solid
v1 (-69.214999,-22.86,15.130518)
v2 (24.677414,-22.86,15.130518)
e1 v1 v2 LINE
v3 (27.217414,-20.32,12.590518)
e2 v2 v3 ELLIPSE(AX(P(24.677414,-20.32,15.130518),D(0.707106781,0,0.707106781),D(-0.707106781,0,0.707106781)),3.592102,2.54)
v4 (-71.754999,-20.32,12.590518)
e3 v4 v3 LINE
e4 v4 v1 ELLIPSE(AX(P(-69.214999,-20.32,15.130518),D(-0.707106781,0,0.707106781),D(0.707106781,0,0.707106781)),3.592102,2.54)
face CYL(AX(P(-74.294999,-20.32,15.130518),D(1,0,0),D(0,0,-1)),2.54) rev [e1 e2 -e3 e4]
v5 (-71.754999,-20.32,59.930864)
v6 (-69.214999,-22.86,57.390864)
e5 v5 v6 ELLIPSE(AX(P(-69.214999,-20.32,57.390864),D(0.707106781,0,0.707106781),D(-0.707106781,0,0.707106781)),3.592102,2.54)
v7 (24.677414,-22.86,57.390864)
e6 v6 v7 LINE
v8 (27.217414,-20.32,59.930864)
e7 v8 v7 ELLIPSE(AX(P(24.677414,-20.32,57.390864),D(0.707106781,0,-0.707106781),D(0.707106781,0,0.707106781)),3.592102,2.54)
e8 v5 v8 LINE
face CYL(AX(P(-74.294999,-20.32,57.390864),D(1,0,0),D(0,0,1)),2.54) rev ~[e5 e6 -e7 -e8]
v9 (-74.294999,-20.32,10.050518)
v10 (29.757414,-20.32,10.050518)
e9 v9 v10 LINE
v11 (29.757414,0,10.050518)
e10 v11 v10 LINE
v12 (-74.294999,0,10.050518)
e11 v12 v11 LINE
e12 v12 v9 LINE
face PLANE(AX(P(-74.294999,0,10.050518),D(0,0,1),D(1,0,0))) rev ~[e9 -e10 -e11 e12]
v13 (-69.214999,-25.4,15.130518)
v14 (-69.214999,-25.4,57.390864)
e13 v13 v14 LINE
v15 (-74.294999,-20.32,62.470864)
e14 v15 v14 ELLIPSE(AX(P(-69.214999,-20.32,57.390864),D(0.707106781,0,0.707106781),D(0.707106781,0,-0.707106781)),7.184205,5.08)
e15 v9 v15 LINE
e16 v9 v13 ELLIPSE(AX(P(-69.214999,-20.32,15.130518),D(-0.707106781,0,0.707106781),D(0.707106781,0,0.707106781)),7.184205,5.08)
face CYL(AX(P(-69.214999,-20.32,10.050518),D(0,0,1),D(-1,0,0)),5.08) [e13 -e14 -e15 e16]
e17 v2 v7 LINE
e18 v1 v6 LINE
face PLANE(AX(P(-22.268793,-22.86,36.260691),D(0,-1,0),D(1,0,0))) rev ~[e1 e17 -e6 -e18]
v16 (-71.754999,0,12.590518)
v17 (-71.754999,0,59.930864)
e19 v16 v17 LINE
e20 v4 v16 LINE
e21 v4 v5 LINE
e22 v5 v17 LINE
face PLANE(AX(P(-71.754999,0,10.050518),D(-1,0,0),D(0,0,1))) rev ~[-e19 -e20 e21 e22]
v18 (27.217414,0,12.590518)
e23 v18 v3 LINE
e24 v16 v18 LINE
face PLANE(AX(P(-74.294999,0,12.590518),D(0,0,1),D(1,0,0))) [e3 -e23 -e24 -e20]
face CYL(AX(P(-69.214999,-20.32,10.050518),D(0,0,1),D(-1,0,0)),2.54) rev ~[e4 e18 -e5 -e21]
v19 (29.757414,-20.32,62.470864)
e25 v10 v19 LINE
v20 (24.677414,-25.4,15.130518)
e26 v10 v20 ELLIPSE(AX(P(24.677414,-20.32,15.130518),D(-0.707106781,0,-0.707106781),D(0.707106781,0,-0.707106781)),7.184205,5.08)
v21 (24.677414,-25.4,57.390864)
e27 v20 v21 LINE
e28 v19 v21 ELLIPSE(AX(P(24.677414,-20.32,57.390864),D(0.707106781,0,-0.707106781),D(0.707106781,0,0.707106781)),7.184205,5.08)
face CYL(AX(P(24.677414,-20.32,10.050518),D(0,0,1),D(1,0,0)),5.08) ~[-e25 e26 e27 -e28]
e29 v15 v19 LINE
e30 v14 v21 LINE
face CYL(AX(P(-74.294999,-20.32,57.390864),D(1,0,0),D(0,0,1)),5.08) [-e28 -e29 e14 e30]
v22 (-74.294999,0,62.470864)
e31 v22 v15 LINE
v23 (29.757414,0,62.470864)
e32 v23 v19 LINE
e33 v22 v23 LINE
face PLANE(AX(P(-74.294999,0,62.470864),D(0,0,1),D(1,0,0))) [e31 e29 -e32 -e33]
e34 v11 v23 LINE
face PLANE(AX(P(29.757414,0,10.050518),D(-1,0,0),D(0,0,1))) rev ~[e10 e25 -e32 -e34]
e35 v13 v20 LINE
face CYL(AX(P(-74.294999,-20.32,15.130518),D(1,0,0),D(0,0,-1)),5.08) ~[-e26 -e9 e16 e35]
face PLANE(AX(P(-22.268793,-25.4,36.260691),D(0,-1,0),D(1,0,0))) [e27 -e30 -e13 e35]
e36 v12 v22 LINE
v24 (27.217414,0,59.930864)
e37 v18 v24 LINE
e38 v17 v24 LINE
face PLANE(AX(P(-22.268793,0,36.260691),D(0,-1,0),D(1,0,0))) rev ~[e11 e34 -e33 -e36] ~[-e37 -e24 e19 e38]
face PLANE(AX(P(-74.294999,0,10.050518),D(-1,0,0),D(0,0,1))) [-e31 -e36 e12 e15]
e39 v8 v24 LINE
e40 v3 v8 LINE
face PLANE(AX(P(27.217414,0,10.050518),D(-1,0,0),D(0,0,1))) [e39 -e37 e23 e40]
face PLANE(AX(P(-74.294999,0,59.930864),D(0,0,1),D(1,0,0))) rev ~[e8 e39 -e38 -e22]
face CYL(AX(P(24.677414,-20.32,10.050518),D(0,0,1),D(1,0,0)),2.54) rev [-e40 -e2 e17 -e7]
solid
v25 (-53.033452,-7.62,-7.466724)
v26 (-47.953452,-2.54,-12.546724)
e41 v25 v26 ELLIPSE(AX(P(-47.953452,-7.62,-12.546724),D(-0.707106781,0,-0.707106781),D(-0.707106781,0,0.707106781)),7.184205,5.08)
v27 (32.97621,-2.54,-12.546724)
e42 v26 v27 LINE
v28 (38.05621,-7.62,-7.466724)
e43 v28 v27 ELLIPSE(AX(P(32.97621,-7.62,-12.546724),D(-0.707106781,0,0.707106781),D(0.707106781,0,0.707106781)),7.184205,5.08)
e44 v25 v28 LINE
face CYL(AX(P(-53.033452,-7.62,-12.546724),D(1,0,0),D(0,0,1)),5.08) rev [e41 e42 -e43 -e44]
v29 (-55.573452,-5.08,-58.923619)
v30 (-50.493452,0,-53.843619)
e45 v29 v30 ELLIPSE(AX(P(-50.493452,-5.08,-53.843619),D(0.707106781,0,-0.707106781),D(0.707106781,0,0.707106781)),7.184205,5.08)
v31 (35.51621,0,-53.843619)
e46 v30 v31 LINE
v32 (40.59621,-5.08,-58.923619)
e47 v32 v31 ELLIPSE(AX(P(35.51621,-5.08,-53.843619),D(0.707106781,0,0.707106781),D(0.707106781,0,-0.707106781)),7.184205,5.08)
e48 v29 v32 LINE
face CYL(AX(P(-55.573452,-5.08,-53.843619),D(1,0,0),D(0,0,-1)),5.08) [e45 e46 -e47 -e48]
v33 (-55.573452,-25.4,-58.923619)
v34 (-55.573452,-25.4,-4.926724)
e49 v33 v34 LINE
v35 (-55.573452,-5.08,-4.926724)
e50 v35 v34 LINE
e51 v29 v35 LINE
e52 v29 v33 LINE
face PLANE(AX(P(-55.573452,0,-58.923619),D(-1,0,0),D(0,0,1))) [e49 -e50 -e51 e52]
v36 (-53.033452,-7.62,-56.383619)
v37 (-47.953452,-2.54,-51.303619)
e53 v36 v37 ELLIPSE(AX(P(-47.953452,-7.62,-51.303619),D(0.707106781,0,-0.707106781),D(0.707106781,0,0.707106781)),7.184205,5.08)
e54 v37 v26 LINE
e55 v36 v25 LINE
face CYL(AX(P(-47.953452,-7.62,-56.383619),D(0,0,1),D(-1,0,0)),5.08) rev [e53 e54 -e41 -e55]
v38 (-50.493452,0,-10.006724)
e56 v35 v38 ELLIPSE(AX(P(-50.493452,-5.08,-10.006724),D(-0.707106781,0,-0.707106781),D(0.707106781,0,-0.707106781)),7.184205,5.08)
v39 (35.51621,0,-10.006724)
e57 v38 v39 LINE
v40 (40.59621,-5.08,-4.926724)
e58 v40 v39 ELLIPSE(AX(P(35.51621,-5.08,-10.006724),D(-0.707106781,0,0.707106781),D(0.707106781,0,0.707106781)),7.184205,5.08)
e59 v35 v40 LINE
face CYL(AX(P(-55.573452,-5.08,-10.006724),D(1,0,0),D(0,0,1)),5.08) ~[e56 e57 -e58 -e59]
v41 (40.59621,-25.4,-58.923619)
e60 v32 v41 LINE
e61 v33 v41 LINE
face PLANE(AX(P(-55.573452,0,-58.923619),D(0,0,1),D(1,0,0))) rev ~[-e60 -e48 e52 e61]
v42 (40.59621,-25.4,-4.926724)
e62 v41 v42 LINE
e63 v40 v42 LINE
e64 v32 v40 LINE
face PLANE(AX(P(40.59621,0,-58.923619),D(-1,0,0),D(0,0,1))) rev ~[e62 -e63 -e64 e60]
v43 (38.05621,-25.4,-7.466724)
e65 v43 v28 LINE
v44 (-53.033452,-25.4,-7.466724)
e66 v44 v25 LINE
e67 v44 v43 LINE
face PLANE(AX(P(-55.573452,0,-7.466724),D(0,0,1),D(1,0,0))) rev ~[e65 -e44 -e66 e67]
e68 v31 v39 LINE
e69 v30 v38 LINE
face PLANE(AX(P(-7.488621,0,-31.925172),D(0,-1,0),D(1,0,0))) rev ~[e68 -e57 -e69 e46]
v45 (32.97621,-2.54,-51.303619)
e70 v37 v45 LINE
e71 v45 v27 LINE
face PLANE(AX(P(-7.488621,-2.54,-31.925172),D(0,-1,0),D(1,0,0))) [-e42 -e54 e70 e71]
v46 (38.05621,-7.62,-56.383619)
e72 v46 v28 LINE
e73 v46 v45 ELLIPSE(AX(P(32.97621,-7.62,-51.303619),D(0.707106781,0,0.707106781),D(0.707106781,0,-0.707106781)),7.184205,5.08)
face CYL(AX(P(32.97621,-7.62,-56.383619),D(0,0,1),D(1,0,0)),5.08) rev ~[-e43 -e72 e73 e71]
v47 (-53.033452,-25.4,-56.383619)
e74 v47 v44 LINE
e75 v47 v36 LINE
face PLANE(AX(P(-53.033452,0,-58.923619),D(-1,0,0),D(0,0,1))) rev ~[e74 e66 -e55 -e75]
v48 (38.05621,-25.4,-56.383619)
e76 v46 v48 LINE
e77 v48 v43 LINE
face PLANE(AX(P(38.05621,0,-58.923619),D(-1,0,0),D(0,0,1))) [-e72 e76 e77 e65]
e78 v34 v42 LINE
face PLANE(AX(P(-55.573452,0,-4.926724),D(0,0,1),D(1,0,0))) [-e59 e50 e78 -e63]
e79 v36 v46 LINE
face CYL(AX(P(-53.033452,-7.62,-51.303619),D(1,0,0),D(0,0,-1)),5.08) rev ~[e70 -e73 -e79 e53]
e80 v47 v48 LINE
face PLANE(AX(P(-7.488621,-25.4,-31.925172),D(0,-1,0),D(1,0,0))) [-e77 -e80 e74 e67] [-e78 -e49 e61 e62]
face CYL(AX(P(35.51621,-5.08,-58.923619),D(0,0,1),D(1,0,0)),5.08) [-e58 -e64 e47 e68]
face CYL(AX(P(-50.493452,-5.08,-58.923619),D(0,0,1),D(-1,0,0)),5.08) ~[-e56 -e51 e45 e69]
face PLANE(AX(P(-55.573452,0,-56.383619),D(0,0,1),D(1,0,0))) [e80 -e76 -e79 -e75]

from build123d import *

# Parameters (mm, degrees)
F0_W     = 104.052413255
F0_H     = 52.4203460664
F1_DEPTH = 25.4
F2_R     = 5.08
F3_T     = -2.54
F4_W     = 96.1696626619
F4_H     = 53.9968945086
F5_DEPTH = 25.4
F6_T     = -2.54
F7_R     = 5.08
F8_R     = 5.08


with BuildPart() as f1:
    # F0 (on Front) → F1 (new body)
    with BuildSketch(Plane.XZ):
        with Locations((-22.2687926143, 36.2606905401)):
            Rectangle(F0_W, F0_H)
    extrude(amount=F1_DEPTH)

    # F2
    f2_edges = [f1.edges().sort_by_distance(p)[0] for p in [
        (-22.268793, -25.4, 10.050518),
        (29.757414, -25.4, 36.260691),
        (-22.268793, -25.4, 62.470864),
        (-74.294999, -25.4, 36.260691),
    ]]
    fillet(f2_edges, radius=F2_R)

    # F3
    f3_openings = [f1.faces().sort_by_distance(p)[0] for p in [
        (-22.268793, 0, 36.260691),
    ]]
    offset(amount=F3_T, openings=f3_openings)


with BuildPart() as f5:
    # F4 (on Front) → F5 (new body)
    with BuildSketch(Plane.XZ):
        with Locations((-7.4886209331, -31.9251716137)):
            Rectangle(F4_W, F4_H)
    extrude(amount=F5_DEPTH)

    # F6
    f6_openings = [f5.faces().sort_by_distance(p)[0] for p in [
        (-7.488621, -25.4, -31.925172),
    ]]
    offset(amount=F6_T, openings=f6_openings)

    # F7
    f7_edges = [f5.edges().sort_by_distance(p)[0] for p in [
        (-53.033452, -2.54, -31.925172),
        (-7.488621, -2.54, -56.383619),
        (38.05621, -2.54, -31.925172),
        (-7.488621, -2.54, -7.466724),
    ]]
    fillet(f7_edges, radius=F7_R)

    # F8
    f8_edges = [f5.edges().sort_by_distance(p)[0] for p in [
        (-7.488621, 0, -4.926724),
        (-55.573452, 0, -31.925172),
        (-7.488621, 0, -58.923619),
        (40.59621, 0, -31.925172),
    ]]
    fillet(f8_edges, radius=F8_R)


solid = Compound([f1.part, f5.part])
